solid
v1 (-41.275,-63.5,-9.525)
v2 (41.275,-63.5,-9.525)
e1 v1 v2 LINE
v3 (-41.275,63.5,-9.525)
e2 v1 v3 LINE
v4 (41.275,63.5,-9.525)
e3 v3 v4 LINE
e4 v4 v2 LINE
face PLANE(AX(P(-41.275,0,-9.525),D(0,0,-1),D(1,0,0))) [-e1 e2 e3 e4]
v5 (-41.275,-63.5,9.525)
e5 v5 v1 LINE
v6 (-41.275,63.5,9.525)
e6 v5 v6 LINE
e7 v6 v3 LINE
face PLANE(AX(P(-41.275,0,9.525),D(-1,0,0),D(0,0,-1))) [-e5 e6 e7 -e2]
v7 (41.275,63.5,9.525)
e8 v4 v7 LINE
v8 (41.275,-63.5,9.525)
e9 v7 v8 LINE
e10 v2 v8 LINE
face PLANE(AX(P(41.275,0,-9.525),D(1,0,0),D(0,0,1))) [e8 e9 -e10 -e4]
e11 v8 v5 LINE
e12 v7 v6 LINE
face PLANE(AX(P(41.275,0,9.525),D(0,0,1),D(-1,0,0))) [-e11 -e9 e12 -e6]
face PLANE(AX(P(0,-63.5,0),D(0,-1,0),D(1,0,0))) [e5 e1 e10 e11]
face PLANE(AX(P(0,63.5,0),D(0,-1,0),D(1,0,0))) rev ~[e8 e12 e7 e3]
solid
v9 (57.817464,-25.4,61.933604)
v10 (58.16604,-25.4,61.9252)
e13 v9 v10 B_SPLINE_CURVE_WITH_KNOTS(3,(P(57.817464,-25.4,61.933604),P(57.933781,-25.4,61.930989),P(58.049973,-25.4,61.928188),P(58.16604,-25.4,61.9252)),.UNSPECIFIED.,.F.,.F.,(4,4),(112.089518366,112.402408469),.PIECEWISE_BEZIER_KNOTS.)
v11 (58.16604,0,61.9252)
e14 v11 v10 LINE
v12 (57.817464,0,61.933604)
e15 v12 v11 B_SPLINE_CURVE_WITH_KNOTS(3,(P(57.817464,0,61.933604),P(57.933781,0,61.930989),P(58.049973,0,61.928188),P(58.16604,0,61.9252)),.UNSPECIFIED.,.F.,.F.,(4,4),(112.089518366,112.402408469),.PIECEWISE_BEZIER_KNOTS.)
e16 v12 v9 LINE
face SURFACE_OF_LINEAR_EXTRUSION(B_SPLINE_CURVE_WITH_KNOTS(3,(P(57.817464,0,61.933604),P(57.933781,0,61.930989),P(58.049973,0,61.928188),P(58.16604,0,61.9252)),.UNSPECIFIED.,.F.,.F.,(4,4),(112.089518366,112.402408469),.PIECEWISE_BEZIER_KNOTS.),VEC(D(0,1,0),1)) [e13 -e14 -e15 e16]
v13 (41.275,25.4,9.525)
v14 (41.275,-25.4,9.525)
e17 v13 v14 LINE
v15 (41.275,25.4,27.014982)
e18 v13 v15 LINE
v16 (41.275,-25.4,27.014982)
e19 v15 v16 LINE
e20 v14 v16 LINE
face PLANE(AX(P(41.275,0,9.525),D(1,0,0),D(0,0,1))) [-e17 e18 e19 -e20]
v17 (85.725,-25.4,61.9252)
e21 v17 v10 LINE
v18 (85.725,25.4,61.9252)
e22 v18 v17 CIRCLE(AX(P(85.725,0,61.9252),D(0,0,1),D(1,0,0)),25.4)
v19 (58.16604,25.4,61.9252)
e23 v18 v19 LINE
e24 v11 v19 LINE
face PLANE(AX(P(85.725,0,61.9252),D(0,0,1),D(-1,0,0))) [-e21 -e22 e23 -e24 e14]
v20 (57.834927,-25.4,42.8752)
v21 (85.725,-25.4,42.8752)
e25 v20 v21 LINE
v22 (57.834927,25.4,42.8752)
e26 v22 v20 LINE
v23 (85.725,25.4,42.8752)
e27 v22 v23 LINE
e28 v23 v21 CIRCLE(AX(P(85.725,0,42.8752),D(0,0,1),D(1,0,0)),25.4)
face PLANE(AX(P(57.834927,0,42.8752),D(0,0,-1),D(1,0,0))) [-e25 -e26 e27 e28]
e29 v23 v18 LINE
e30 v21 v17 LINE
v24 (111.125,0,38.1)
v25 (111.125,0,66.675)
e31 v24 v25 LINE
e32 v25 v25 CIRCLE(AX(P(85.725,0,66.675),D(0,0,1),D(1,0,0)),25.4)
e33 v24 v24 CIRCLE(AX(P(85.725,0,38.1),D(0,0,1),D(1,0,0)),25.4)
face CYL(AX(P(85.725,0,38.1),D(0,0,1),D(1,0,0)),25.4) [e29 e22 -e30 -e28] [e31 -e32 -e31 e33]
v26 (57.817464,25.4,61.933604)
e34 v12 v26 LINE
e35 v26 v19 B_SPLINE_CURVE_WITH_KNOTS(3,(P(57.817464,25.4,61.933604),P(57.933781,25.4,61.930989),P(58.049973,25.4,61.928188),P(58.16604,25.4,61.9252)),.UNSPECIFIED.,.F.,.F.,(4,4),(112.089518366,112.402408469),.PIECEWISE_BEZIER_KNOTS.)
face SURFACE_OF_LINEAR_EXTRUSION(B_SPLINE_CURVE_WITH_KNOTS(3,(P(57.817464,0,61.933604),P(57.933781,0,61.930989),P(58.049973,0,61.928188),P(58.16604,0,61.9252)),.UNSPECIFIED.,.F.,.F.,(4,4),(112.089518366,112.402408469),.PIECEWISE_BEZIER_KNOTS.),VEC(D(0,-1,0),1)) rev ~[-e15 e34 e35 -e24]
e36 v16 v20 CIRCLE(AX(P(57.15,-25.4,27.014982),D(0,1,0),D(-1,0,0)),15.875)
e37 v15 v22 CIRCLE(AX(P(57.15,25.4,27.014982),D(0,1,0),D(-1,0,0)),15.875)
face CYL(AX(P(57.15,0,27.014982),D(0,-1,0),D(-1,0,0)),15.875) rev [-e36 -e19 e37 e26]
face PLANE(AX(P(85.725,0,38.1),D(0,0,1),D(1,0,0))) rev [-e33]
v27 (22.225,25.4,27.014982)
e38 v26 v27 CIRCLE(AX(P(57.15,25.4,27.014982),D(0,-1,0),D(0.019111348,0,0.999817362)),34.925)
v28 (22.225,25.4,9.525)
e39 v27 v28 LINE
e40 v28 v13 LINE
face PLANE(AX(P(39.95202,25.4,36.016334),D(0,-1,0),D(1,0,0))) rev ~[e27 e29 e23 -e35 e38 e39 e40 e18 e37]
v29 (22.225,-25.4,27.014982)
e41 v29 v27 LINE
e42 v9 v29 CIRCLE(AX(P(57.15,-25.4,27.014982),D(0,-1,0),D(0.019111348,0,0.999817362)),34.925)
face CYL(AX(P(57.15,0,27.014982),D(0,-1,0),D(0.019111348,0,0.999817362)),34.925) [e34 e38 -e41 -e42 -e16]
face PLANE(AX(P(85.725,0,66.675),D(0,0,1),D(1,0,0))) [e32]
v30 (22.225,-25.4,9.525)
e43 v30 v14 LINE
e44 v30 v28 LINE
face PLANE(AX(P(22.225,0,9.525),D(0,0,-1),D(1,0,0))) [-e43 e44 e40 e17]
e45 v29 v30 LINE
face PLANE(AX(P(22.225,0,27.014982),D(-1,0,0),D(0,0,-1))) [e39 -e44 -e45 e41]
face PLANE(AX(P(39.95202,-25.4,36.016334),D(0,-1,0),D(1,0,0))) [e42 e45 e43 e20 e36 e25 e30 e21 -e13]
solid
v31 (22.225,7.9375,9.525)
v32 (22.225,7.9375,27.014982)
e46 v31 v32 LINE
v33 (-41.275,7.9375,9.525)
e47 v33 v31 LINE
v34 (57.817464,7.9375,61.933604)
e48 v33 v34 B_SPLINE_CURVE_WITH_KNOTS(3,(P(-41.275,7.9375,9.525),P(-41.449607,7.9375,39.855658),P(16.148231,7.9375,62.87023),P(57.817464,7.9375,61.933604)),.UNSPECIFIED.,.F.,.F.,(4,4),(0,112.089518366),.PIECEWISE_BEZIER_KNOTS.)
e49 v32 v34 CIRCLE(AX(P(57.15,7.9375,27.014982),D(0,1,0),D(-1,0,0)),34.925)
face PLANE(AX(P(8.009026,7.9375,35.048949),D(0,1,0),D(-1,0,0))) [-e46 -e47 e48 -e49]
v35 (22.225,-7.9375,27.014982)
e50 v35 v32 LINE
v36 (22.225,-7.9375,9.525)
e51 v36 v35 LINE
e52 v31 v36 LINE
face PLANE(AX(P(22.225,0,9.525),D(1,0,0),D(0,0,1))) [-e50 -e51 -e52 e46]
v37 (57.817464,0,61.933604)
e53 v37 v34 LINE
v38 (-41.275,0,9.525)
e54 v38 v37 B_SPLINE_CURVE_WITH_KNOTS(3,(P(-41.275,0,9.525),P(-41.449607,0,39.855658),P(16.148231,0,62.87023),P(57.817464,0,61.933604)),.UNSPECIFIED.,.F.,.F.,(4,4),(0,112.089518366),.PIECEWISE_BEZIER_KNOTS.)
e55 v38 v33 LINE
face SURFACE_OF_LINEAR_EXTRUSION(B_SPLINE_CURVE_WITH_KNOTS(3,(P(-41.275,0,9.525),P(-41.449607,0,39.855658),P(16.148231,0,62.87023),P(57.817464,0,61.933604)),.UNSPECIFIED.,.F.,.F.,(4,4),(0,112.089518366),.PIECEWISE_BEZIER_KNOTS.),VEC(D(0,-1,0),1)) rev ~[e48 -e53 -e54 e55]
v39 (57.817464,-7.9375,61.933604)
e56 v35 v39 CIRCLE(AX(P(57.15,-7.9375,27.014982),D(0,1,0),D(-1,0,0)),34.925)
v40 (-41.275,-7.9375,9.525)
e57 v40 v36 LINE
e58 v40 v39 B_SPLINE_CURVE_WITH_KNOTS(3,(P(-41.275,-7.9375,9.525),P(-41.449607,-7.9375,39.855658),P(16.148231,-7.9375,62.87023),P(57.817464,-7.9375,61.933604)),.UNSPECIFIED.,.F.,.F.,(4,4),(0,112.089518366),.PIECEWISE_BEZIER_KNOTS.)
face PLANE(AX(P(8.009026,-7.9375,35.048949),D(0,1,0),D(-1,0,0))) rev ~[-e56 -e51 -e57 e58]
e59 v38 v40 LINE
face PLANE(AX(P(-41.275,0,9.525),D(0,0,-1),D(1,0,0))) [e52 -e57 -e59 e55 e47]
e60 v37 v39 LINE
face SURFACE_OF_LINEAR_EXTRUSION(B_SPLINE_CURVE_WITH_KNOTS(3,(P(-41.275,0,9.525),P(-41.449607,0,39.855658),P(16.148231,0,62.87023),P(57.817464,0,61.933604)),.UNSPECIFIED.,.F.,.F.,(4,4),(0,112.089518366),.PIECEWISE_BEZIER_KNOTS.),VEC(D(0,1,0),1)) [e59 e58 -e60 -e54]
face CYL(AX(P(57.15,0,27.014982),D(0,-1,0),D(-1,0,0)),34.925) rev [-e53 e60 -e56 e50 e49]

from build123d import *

# Parameters (mm, degrees)
F1_DEPTH = 63.5
F0_W     = 25.4
F0_H     = 19.05
F2_DEPTH = 25.4
F3_DEPTH = 7.9375


with BuildPart() as f1:
    # F0 (on Front) → F1 (new body, symmetric)
    with BuildSketch(Plane.XZ):
        Polygon((-41.275, -9.525), (41.275, -9.525), (41.275, 9.525), (22.225, 9.525), (-41.275, 9.525), align=None)
    extrude(amount=F1_DEPTH, both=True)


with BuildPart() as f2:
    # F0 (on Front) → F2 (new body, symmetric)
    with BuildSketch(Plane.XZ):
        with BuildLine():
            Line((22.225, 9.525), (41.275, 9.525))
            Line((41.275, 9.525), (41.275, 27.0149824788))
            ThreePointArc((41.275, 27.0149824788), (46.1695080545, 38.479903832), (57.834927135, 42.8752))
            Line((57.834927135, 42.8752), (60.325, 42.8752))
            Line((60.325, 42.8752), (60.325, 61.9252))
            Line((60.325, 61.9252), (58.1660401678, 61.9252))
            add(Edge.make_bspline(
                [(57.8174638201, 61.9336038297), (57.9337805874, 61.9309893035), (58.0499732377, 61.9281881475), (58.1660401678, 61.9252)],
                knots=[112.0895183663, 112.0895183663, 112.0895183663, 112.0895183663, 112.4024084693, 112.4024084693, 112.4024084693, 112.4024084693], degree=3))
            ThreePointArc((57.8174638201, 61.9336038297), (32.6914181617, 51.9455540619), (22.225, 27.0149824788))
            Line((22.225, 27.0149824788), (22.225, 9.525))
        make_face()
        with Locations((73.025, 52.4002)):
            Rectangle(F0_W, F0_H)
    extrude(amount=F2_DEPTH, both=True)

    # F0 (on Front) → F4 (revolve)
    with BuildSketch(Plane.XZ):
        Polygon((85.725, 61.9252), (85.725, 42.8752), (85.725, 38.1), (111.125, 38.1), (111.125, 66.675), (85.725, 66.675), align=None)
    revolve(axis=Axis((85.725, 0, 52.3875), (0, 0, 1)))


with BuildPart() as f3:
    # F0 (on Front) → F3 (new body, symmetric)
    with BuildSketch(Plane.XZ):
        with BuildLine():
            add(Edge.make_bspline(
                [(-41.275, 9.525), (-41.4496070283, 39.8556577568), (16.1482313953, 62.8702297587), (57.8174638201, 61.9336038297)],
                knots=[0, 0, 0, 0, 112.0895183663, 112.0895183663, 112.0895183663, 112.0895183663], degree=3))
            Line((-41.275, 9.525), (22.225, 9.525))
            Line((22.225, 9.525), (22.225, 27.0149824788))
            ThreePointArc((22.225, 27.0149824788), (32.6914181617, 51.9455540619), (57.8174638201, 61.9336038297))
        make_face()
    extrude(amount=F3_DEPTH, both=True)


solid = Compound([f1.part, f2.part, f3.part])
